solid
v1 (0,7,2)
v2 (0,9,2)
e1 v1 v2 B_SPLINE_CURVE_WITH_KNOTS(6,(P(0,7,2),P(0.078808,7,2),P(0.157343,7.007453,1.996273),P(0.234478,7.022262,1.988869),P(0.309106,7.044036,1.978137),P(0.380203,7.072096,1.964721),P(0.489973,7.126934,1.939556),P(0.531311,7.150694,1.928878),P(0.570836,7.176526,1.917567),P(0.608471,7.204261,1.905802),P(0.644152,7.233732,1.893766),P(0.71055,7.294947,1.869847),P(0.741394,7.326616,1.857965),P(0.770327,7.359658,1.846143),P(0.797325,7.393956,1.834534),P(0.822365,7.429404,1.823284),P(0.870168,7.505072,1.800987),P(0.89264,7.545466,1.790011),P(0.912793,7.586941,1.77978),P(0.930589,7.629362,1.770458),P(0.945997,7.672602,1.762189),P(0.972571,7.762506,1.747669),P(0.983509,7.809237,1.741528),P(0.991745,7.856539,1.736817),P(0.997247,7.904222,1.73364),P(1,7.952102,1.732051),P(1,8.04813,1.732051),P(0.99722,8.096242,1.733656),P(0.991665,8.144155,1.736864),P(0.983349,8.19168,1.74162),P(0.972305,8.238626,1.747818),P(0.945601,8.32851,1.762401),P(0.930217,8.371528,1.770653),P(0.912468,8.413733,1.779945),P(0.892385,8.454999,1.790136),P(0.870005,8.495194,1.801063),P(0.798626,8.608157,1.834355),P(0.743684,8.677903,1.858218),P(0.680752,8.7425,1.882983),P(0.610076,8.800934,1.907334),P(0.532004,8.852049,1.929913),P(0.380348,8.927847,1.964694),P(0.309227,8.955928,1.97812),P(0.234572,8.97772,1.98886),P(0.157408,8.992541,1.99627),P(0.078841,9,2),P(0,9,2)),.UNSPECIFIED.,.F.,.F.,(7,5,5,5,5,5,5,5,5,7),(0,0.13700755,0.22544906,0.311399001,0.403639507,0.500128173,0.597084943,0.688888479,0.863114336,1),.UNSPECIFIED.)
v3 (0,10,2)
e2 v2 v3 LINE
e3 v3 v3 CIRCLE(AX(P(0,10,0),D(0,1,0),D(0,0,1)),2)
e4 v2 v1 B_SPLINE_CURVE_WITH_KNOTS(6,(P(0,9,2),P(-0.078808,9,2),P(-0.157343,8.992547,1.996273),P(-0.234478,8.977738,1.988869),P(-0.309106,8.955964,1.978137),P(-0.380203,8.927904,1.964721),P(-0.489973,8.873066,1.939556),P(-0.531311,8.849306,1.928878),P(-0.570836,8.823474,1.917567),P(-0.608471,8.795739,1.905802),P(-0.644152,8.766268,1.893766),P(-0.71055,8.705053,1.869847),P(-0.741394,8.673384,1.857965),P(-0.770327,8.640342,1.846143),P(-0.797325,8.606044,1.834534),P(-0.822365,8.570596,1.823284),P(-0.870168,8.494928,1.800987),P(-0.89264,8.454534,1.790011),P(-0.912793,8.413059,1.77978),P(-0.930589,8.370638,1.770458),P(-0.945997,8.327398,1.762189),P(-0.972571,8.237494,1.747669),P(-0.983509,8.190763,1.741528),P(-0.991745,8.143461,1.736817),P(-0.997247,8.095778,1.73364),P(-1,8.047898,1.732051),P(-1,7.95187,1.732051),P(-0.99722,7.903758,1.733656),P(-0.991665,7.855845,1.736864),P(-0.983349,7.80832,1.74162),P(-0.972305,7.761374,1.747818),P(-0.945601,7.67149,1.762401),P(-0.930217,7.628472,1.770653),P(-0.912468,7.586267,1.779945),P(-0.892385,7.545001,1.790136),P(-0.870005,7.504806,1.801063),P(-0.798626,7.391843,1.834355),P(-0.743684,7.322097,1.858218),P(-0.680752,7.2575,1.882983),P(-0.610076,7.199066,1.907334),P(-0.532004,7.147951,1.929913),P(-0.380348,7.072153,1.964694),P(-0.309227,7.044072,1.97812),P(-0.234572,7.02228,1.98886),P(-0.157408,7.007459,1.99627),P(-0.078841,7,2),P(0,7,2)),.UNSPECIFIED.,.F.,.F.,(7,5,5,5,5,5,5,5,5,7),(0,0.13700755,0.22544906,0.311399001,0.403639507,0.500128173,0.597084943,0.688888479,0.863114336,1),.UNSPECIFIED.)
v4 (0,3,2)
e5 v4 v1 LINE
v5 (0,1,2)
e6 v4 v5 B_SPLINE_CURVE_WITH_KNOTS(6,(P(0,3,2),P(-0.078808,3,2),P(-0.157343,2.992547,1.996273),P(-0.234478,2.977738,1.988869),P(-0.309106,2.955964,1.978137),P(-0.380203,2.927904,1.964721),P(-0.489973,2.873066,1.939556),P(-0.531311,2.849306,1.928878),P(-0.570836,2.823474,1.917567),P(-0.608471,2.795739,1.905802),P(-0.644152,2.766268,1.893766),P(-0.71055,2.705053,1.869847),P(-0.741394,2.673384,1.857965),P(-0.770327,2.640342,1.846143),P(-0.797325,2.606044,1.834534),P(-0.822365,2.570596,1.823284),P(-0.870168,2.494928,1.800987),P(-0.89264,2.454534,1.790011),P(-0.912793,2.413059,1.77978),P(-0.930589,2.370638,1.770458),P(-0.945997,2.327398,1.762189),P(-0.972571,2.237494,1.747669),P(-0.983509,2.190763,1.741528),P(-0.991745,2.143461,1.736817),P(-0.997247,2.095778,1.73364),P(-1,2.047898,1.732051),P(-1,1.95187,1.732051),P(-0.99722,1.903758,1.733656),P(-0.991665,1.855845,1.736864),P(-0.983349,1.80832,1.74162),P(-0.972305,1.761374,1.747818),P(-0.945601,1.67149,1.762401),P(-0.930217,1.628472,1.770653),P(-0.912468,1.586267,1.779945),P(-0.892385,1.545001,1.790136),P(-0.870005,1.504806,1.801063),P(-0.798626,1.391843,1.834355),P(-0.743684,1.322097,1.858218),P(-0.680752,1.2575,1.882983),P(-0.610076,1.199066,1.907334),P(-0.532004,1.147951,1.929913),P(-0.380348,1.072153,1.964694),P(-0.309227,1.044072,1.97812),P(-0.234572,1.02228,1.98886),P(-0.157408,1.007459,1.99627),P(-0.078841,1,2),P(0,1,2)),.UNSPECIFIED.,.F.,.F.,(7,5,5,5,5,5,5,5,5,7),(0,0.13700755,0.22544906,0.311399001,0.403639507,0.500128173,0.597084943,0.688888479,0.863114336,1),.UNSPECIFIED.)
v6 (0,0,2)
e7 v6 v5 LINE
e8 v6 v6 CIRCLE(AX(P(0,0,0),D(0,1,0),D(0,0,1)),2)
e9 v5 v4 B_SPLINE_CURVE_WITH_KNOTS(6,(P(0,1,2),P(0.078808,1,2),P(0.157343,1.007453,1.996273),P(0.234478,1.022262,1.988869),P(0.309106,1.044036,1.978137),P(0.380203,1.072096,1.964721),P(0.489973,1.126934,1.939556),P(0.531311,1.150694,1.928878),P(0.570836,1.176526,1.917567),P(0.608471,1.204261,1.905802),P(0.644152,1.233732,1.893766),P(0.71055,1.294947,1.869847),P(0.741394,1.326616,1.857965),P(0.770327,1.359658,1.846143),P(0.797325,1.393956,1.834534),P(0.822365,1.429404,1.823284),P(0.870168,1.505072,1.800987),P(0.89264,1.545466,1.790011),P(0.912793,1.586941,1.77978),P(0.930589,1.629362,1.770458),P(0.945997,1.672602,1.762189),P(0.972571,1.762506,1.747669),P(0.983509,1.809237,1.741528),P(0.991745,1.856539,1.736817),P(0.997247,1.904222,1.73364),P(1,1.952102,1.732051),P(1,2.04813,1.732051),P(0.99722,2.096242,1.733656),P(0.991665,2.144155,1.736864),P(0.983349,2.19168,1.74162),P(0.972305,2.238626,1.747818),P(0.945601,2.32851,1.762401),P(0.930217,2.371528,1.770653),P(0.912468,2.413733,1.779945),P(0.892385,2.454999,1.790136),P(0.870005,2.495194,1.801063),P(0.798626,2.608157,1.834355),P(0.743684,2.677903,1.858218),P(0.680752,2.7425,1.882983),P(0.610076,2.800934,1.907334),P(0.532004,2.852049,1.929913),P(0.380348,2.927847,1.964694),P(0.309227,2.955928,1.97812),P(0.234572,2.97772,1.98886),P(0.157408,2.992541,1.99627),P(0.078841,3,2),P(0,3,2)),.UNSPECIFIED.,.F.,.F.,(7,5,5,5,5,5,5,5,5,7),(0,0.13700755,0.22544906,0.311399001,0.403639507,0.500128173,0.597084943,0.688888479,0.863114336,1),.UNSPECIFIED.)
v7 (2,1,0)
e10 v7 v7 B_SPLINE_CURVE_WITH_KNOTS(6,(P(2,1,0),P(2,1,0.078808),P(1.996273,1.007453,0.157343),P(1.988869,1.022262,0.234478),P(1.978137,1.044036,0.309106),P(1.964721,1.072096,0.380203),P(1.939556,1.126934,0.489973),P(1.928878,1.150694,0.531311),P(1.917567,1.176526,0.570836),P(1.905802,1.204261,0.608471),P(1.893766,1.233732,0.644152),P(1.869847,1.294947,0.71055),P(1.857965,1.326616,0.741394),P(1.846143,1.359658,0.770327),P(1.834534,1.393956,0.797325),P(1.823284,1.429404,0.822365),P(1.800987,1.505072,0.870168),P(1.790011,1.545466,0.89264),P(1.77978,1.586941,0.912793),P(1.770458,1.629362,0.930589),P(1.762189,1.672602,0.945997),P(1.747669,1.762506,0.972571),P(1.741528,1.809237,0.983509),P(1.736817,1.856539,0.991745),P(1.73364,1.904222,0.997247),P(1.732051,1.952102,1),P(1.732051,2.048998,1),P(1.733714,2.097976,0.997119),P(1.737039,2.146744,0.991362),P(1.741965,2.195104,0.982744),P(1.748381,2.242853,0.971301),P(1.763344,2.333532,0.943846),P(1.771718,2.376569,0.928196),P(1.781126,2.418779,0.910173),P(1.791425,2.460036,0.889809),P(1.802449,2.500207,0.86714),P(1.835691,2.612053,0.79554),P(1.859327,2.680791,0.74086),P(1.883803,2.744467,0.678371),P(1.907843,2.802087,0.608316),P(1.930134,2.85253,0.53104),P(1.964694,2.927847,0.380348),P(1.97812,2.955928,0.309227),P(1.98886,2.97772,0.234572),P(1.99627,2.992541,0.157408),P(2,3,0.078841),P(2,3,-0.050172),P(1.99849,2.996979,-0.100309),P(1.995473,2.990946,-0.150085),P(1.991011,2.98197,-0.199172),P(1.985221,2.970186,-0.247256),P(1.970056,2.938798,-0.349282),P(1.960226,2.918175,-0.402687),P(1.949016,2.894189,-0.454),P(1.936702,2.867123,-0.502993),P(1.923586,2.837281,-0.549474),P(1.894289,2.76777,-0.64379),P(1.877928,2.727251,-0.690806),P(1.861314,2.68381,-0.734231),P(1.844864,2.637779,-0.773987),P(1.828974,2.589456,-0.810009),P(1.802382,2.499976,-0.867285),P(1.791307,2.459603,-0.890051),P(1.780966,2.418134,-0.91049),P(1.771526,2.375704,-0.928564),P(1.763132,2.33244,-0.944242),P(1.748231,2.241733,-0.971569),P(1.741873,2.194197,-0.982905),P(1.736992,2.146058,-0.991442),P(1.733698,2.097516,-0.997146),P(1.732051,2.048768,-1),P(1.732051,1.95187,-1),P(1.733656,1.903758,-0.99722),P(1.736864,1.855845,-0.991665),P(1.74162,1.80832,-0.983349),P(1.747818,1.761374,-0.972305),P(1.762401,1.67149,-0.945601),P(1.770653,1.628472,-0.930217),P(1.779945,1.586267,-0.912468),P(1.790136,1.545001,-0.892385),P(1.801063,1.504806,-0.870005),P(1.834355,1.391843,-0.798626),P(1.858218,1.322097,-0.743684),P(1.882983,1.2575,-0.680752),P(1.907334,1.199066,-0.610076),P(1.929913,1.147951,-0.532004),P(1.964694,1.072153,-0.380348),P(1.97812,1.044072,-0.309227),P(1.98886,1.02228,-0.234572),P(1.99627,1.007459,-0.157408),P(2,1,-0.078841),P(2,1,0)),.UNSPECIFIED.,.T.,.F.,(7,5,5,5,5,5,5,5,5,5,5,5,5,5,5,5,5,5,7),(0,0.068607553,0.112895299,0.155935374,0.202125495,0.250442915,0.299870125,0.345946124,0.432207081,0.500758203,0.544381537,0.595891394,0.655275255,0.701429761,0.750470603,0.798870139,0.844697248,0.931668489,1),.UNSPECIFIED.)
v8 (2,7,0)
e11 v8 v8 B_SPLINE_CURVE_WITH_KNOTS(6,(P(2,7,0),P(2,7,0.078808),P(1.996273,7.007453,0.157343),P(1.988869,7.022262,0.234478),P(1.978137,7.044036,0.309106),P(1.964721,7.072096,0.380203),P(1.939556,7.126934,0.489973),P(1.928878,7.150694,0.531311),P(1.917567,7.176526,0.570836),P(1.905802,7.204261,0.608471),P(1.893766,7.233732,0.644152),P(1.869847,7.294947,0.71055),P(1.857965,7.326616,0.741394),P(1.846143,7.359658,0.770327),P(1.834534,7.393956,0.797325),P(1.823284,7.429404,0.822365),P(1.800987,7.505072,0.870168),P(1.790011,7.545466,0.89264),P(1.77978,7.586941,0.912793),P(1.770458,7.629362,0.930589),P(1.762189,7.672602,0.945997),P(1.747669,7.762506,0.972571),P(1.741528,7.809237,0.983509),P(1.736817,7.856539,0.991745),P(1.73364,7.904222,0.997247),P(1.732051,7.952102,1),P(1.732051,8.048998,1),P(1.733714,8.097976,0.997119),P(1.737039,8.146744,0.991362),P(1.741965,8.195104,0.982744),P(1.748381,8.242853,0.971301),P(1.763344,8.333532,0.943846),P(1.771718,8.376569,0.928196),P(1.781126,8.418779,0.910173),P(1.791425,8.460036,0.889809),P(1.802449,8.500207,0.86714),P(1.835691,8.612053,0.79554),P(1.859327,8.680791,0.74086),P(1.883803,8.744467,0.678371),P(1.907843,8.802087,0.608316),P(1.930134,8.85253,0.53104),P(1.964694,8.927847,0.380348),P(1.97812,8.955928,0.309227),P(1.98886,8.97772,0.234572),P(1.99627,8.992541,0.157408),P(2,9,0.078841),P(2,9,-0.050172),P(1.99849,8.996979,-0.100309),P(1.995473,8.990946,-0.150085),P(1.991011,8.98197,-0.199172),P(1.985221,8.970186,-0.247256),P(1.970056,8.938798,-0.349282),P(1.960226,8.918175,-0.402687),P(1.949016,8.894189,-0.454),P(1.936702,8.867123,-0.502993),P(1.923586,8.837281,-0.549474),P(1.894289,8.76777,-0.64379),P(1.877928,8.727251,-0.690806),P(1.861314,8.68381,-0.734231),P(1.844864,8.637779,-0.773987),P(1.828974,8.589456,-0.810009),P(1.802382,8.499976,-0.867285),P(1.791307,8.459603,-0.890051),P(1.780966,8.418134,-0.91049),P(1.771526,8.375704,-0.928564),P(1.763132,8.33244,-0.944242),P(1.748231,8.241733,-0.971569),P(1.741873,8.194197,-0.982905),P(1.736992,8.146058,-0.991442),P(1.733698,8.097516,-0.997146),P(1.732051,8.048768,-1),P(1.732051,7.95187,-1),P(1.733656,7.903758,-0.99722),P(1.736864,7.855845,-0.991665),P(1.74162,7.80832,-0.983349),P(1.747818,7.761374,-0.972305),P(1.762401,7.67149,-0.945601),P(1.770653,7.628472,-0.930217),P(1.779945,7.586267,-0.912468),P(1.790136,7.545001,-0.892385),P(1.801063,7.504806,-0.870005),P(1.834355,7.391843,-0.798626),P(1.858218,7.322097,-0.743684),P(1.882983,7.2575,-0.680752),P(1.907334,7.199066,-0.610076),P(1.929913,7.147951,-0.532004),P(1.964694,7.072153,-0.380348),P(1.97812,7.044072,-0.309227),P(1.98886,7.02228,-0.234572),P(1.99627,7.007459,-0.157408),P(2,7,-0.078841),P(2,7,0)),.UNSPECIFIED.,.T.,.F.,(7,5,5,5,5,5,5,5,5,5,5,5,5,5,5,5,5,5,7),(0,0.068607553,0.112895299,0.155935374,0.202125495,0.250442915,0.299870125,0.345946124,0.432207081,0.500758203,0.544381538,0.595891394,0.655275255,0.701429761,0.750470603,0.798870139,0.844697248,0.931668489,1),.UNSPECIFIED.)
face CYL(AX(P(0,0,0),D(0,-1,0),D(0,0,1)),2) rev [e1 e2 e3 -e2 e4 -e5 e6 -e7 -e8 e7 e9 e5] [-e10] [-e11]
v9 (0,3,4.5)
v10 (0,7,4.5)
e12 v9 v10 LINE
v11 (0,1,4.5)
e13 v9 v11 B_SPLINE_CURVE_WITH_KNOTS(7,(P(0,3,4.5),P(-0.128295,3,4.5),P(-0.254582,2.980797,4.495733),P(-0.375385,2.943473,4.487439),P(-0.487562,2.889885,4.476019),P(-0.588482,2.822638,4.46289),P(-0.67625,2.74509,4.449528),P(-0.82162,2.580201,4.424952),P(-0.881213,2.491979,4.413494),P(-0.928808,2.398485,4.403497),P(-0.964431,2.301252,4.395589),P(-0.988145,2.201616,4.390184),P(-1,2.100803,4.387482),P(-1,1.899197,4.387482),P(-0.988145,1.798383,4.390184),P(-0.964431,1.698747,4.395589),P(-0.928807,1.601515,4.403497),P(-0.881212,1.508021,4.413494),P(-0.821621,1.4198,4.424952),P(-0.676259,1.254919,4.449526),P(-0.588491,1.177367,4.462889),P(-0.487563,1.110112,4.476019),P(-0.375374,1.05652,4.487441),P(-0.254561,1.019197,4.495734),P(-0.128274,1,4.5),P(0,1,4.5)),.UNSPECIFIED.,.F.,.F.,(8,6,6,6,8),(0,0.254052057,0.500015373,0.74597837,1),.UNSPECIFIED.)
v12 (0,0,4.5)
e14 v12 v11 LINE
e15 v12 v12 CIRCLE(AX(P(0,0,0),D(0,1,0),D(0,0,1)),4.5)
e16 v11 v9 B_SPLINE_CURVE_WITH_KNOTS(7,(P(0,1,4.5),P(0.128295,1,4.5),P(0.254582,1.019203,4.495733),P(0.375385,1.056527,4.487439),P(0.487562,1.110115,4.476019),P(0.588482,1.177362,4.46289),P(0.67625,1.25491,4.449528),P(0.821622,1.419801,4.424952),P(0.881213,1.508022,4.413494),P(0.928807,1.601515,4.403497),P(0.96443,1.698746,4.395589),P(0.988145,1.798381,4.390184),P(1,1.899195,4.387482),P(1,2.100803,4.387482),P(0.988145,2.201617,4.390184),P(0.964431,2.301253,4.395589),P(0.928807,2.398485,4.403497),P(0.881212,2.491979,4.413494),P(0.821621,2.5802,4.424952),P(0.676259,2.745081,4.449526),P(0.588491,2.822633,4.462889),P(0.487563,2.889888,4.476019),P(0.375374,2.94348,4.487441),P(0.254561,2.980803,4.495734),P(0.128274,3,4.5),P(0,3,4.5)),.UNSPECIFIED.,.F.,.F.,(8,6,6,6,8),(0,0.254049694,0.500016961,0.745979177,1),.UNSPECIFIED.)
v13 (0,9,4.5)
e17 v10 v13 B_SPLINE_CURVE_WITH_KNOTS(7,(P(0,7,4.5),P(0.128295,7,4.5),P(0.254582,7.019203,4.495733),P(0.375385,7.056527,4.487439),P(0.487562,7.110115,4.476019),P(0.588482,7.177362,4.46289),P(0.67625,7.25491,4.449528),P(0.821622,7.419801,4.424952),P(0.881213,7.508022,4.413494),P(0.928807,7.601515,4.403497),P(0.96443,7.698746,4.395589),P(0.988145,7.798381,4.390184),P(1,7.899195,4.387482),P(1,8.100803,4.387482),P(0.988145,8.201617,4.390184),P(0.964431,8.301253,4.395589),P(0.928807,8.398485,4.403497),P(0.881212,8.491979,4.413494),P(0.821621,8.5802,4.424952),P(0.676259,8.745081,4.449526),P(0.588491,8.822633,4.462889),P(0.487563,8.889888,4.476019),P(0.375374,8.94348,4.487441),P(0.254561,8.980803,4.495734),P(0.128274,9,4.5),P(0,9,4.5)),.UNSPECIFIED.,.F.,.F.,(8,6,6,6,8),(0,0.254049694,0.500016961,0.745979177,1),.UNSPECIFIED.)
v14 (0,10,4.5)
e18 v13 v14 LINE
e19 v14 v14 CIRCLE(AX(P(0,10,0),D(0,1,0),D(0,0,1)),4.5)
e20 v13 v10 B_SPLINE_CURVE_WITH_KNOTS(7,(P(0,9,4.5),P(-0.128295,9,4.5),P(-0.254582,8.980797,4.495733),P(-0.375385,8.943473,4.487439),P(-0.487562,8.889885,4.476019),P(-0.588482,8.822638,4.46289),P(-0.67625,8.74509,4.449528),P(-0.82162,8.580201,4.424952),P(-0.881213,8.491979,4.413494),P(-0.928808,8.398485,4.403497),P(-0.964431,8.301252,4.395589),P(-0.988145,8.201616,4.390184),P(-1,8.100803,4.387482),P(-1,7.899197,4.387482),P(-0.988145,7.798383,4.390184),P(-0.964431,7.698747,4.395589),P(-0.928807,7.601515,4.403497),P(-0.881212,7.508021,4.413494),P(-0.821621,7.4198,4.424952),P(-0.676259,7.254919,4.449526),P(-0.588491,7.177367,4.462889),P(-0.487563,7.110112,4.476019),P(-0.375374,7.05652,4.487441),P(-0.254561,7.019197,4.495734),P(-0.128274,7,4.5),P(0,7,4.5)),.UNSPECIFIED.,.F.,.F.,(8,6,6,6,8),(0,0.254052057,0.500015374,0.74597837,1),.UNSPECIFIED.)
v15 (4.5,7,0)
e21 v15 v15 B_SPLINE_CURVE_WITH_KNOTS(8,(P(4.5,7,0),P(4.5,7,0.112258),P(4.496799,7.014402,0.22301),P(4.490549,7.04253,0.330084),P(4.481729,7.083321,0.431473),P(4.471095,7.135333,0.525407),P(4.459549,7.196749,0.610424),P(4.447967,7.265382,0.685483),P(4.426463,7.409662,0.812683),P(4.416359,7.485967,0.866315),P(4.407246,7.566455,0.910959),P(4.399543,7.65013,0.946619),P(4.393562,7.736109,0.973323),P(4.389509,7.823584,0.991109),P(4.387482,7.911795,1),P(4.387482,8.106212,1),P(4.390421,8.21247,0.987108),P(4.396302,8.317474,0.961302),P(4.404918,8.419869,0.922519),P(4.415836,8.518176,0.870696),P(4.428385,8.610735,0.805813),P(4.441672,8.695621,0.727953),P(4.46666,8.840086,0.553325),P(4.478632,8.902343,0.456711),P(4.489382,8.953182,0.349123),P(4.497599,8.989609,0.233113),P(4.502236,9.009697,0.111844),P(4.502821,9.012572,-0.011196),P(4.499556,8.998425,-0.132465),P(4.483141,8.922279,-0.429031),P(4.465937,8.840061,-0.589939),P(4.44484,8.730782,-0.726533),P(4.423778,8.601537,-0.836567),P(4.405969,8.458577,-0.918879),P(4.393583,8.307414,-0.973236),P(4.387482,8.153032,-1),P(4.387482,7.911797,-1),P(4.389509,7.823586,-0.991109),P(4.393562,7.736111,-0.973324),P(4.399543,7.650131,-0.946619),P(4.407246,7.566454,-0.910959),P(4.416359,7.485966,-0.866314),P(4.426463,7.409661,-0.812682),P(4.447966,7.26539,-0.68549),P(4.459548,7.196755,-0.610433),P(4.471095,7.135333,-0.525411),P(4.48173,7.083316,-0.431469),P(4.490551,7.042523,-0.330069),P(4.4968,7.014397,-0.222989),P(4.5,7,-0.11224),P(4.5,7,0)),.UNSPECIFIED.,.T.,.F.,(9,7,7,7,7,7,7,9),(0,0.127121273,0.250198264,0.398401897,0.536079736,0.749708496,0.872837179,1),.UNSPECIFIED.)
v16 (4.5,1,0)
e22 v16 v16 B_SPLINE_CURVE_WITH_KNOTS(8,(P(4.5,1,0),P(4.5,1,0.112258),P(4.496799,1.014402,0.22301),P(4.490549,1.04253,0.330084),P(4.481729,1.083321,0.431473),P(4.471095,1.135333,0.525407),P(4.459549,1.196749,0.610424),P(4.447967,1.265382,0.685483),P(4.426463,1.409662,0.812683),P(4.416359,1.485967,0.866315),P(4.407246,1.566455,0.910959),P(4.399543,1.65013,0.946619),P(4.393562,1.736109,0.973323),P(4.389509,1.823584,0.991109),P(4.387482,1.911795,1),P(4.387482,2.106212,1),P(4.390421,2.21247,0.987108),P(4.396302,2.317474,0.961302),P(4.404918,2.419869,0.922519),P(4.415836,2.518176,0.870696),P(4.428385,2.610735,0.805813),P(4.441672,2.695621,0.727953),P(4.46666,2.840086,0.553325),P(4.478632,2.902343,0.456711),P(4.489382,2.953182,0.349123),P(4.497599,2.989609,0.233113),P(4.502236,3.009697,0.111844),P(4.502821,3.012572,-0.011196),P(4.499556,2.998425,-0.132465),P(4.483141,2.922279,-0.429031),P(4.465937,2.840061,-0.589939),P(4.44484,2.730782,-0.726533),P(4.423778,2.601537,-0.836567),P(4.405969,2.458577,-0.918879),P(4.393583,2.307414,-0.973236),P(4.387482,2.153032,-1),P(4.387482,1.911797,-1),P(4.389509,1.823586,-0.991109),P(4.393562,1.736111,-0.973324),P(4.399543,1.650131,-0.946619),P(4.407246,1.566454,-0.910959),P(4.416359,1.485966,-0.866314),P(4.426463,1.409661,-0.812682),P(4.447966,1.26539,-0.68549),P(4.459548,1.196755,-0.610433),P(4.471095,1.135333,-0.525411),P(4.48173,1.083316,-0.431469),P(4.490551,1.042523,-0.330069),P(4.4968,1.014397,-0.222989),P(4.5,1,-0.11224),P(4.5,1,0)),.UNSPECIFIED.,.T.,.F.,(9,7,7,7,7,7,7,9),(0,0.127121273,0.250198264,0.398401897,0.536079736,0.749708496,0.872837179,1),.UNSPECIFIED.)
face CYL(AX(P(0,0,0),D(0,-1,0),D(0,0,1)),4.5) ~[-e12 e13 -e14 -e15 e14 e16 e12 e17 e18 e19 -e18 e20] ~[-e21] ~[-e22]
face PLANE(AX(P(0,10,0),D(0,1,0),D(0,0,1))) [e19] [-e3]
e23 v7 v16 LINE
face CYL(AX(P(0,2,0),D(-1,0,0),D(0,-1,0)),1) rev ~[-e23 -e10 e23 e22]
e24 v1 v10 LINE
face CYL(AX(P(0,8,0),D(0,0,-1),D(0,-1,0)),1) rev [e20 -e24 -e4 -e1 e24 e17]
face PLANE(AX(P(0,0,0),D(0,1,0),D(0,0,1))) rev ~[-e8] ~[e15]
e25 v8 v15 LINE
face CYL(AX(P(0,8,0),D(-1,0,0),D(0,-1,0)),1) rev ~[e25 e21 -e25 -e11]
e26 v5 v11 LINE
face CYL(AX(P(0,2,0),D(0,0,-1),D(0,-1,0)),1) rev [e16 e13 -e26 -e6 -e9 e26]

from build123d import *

# Parameters (mm, degrees)
SKETCH1_R           = 4.5
SKETCH1_R_2         = 2
BOSS_EXTRUDE1_DEPTH = 10
SKETCH2_R           = 1
CUT_EXTRUDE1_DEPTH  = 12.853269591


with BuildPart() as part:
    # Sketch1 → Boss-Extrude1 (new body)
    with BuildSketch(Plane(origin=(0, 0, 0), x_dir=(1, 0, 0), z_dir=(0, 1, 0))):
        Circle(SKETCH1_R)
        Circle(SKETCH1_R_2, mode=Mode.SUBTRACT)
    extrude(amount=BOSS_EXTRUDE1_DEPTH)

    # Sketch2 → Cut-Extrude1 (cut, through all)
    with BuildSketch(Plane.XY):
        with Locations((0, 8)):
            Circle(SKETCH2_R)
        with Locations((0, 2)):
            Circle(SKETCH2_R)
    cut_extrude1 = extrude(amount=CUT_EXTRUDE1_DEPTH, mode=Mode.SUBTRACT)

    # Mirror1: Cut-Extrude1 across plane
    add(cut_extrude1.mirror(Plane(origin=(0, 0, 0), x_dir=(0.7071067811865465, 0, 0.7071067811865486), z_dir=(-0.7071067811865488, 0, 0.7071067811865464))), mode=Mode.SUBTRACT)


solid = part.part
